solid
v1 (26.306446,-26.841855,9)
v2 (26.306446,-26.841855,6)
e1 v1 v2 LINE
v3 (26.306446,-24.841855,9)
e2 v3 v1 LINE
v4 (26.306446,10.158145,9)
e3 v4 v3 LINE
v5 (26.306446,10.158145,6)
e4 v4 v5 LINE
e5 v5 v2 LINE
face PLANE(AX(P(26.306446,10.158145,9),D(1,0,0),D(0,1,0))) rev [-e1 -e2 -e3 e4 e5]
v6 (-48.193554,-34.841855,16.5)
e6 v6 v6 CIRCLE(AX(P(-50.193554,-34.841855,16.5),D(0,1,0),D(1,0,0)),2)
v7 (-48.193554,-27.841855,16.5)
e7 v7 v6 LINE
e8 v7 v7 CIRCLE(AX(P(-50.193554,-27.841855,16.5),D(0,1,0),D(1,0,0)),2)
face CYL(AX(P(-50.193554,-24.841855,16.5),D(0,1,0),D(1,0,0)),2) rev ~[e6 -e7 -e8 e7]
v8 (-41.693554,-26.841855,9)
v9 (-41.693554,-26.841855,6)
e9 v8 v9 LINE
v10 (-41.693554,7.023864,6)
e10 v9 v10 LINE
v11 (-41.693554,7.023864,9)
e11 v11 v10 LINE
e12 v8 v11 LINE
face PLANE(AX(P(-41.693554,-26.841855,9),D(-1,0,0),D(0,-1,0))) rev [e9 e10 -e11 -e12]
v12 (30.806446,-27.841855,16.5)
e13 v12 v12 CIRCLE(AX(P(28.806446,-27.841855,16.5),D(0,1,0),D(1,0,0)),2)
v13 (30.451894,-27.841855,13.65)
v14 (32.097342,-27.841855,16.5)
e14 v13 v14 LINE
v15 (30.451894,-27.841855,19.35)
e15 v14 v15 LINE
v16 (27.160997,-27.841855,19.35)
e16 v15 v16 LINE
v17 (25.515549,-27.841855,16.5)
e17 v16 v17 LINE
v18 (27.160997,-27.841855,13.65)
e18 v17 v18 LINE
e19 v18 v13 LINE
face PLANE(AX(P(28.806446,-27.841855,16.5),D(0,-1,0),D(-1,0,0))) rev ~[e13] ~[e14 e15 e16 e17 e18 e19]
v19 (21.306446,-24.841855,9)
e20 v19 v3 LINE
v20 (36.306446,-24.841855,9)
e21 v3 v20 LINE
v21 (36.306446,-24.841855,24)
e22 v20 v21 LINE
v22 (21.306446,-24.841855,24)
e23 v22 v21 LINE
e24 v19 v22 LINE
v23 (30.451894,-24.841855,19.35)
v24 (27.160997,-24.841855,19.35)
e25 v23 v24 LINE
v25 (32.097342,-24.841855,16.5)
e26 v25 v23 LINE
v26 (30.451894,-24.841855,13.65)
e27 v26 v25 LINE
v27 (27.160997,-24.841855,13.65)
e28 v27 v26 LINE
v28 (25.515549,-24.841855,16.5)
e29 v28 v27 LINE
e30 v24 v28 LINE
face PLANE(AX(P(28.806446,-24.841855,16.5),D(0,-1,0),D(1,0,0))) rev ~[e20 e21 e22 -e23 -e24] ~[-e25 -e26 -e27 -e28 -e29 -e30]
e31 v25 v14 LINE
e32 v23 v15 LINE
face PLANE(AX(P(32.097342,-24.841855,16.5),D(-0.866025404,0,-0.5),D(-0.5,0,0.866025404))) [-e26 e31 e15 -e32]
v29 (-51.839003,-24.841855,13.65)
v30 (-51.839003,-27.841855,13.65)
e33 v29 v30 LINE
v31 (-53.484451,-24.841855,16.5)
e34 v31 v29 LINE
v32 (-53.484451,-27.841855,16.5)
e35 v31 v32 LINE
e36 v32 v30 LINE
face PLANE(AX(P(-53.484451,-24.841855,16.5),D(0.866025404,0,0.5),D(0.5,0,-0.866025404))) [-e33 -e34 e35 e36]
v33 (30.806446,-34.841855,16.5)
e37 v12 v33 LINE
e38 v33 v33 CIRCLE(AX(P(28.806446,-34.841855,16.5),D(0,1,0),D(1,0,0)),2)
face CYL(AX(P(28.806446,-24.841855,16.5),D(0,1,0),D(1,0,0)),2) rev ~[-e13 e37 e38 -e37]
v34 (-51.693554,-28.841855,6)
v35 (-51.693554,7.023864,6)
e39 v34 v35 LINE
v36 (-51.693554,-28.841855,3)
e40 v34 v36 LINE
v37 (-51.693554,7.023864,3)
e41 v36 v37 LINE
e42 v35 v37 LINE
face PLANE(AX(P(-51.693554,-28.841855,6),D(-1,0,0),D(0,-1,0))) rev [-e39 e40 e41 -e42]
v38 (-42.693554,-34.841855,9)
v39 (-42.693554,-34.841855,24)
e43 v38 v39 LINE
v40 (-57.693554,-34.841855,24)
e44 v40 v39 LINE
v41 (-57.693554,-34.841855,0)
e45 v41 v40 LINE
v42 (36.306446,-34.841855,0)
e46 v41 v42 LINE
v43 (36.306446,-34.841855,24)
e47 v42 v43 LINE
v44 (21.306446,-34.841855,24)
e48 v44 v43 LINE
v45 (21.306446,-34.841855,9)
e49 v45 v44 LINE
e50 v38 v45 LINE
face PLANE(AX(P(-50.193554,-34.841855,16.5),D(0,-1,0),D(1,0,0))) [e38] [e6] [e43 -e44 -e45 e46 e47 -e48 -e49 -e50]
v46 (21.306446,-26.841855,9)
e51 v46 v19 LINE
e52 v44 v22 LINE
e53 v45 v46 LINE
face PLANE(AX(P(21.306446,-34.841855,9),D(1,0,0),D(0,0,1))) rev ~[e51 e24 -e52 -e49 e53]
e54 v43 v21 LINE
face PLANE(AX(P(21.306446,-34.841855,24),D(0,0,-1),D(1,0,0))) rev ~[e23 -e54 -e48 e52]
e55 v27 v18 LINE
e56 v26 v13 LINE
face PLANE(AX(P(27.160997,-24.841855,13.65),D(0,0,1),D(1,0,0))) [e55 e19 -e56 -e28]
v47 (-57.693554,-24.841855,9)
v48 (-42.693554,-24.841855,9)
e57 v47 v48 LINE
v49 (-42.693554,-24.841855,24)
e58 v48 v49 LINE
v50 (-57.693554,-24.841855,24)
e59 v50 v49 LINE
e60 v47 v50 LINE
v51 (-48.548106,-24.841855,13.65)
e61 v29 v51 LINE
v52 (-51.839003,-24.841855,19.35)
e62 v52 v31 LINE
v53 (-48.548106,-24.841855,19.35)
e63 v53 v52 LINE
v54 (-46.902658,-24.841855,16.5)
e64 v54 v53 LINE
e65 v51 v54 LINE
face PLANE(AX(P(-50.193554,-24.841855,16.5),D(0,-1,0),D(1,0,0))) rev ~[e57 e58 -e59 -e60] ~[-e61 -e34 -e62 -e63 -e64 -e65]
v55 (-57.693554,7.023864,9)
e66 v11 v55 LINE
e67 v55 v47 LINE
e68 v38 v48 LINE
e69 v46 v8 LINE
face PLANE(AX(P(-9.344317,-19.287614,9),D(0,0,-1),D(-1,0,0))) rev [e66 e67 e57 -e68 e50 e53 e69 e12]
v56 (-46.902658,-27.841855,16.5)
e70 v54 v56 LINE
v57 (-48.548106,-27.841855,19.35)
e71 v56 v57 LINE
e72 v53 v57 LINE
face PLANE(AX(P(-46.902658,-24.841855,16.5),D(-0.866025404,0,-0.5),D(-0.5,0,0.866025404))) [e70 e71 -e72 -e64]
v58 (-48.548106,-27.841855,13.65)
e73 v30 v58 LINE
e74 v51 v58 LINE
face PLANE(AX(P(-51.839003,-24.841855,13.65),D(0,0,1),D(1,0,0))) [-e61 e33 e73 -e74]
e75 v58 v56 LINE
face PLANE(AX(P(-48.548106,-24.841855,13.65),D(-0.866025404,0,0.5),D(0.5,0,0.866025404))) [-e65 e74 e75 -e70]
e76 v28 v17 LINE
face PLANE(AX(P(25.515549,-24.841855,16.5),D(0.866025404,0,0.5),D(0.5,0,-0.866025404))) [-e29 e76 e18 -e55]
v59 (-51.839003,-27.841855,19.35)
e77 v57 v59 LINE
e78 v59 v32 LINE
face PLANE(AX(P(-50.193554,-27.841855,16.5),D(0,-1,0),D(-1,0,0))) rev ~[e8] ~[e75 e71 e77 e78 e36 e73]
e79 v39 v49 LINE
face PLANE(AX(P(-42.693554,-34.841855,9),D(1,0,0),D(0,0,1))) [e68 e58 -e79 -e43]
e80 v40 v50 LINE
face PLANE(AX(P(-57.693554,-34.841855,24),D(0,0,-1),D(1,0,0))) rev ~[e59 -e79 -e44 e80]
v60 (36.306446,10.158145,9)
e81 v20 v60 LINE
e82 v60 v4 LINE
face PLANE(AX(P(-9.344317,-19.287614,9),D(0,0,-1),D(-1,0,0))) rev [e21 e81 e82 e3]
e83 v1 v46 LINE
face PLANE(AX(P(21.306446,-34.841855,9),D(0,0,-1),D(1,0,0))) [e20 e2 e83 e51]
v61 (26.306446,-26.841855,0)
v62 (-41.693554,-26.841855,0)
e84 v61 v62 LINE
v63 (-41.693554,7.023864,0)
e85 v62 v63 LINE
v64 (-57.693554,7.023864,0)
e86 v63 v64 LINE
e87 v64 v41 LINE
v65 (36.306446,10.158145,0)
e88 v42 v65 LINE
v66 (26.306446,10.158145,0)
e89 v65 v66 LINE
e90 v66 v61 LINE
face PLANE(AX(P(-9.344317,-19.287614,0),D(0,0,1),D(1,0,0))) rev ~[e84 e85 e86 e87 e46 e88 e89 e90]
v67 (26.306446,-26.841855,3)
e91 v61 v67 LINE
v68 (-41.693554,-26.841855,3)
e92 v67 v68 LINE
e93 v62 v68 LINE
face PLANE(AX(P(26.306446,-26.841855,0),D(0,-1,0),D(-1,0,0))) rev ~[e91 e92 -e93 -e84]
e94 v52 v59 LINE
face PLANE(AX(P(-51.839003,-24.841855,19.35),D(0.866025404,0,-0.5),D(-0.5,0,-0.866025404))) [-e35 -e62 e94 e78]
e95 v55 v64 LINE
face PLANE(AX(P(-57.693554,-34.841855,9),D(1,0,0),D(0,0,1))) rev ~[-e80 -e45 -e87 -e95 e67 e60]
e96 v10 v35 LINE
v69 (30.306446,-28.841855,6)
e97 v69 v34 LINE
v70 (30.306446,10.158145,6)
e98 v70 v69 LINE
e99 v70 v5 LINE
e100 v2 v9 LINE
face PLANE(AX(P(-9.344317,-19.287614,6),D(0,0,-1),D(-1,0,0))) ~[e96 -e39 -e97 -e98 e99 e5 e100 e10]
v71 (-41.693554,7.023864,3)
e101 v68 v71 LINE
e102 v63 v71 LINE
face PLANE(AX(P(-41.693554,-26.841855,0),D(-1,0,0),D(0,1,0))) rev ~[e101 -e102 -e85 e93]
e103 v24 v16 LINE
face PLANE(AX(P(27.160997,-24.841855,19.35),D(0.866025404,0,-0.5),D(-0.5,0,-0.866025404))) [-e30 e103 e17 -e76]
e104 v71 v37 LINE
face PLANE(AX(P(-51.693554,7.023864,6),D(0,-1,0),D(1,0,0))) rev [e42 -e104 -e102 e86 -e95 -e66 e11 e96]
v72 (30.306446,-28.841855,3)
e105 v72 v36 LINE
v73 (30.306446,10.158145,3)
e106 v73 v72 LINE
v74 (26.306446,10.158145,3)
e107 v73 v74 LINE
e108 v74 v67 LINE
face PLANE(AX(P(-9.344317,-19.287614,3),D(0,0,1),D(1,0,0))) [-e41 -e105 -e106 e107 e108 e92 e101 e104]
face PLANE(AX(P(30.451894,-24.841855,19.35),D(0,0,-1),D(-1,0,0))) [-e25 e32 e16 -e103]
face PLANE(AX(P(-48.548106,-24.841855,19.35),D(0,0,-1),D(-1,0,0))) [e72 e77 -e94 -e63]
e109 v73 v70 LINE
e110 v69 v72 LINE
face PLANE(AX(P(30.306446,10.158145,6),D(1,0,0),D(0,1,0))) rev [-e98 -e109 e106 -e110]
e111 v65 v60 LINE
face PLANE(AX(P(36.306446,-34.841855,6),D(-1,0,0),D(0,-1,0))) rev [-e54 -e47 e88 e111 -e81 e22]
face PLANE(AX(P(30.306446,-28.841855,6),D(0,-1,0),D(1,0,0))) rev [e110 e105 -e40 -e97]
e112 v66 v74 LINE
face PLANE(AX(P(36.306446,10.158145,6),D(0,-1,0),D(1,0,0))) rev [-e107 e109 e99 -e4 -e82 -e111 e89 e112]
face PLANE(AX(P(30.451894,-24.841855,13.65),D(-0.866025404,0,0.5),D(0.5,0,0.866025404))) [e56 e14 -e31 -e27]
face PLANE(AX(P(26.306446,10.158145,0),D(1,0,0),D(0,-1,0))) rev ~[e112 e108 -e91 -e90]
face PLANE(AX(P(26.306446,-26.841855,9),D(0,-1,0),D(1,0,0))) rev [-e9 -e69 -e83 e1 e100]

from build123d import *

# Parameters (mm, degrees)
BOSS_EXTRU_1_DEPTH      = 3
BOSS_EXTRU_2_DEPTH      = 1.5
ESQUISSE3_W             = 15
ESQUISSE3_H             = 15
BOSS_EXTRU_3_DEPTH      = 10
ESQUISSE4_R             = 2
ENL_V_MAT_EXTRU_1_DEPTH = 10
ENL_V_MAT_EXTRU_2_DEPTH = 3


with BuildPart() as part:
    # Esquisse1 → Boss.-Extru.1 (new body)
    with BuildSketch(Plane.XY):
        Polygon((26.306445504, -26.841854987), (-41.693554496, -26.841854987), (-41.693554496, 7.023864035), (-57.693554496, 7.023864035), (-57.693554496, -34.841854987), (-41.693554496, -34.841854987), (26.306445504, -34.841854987), (36.306445504, -34.841854987), (36.306445504, 10.158145013), (26.306445504, 10.158145013), align=None)
    extrude(amount=BOSS_EXTRU_1_DEPTH)

    # Esquisse2 → Boss.-Extru.2 (add)
    with BuildSketch(Plane.XY.offset(3)):
        Polygon((-57.693554496, 7.023864035), (-57.693554496, -34.841854987), (36.306445504, -34.841854987), (36.306445504, 10.158145013), (30.306445504, 10.158145013), (30.306445504, -28.841854987), (-51.693554496, -28.841854987), (-51.693554496, 7.023864035), align=None)
    extrude(amount=BOSS_EXTRU_2_DEPTH)

    # Symétrie3: part across plane


with BuildPart() as part_1:
    add(part.part)
    add(part.part.mirror(Plane.XY.offset(4.5)))

    # Esquisse3 → Boss.-Extru.3 (add)
    with BuildSketch(Plane.XZ.offset(34.841854987)):
        with Locations((-50.193554496, 16.5)):
            Rectangle(ESQUISSE3_W, ESQUISSE3_H)
        with Locations((28.806445504, 16.5)):
            Rectangle(ESQUISSE3_W, ESQUISSE3_H)
    extrude(amount=-BOSS_EXTRU_3_DEPTH)

    # Esquisse4 → Enlèv. mat.-Extru.1 (cut)
    with BuildSketch(Plane(origin=(0, -24.841854987, 0), x_dir=(1, 0, 0), z_dir=(0, 1, 0))):
        with Locations((-50.193554496, -16.5)):
            Circle(ESQUISSE4_R)
        with Locations((28.806445504, -16.5)):
            Circle(ESQUISSE4_R)
    extrude(amount=-ENL_V_MAT_EXTRU_1_DEPTH, mode=Mode.SUBTRACT)

    # Esquisse5 → Enlèv. mat.-Extru.2 (cut)
    with BuildSketch(Plane(origin=(0, -24.841854987, 0), x_dir=(1, 0, 0), z_dir=(0, 1, 0))):
        Polygon((-51.839002763, -13.65), (-48.548106229, -13.65), (-46.902657962, -16.5), (-48.548106229, -19.35), (-51.839002763, -19.35), (-53.484451031, -16.5), align=None)
        Polygon((27.160997237, -13.65), (30.451893771, -13.65), (32.097342038, -16.5), (30.451893771, -19.35), (27.160997237, -19.35), (25.515548969, -16.5), align=None)
    extrude(amount=-ENL_V_MAT_EXTRU_2_DEPTH, mode=Mode.SUBTRACT)


solid = part_1.part
